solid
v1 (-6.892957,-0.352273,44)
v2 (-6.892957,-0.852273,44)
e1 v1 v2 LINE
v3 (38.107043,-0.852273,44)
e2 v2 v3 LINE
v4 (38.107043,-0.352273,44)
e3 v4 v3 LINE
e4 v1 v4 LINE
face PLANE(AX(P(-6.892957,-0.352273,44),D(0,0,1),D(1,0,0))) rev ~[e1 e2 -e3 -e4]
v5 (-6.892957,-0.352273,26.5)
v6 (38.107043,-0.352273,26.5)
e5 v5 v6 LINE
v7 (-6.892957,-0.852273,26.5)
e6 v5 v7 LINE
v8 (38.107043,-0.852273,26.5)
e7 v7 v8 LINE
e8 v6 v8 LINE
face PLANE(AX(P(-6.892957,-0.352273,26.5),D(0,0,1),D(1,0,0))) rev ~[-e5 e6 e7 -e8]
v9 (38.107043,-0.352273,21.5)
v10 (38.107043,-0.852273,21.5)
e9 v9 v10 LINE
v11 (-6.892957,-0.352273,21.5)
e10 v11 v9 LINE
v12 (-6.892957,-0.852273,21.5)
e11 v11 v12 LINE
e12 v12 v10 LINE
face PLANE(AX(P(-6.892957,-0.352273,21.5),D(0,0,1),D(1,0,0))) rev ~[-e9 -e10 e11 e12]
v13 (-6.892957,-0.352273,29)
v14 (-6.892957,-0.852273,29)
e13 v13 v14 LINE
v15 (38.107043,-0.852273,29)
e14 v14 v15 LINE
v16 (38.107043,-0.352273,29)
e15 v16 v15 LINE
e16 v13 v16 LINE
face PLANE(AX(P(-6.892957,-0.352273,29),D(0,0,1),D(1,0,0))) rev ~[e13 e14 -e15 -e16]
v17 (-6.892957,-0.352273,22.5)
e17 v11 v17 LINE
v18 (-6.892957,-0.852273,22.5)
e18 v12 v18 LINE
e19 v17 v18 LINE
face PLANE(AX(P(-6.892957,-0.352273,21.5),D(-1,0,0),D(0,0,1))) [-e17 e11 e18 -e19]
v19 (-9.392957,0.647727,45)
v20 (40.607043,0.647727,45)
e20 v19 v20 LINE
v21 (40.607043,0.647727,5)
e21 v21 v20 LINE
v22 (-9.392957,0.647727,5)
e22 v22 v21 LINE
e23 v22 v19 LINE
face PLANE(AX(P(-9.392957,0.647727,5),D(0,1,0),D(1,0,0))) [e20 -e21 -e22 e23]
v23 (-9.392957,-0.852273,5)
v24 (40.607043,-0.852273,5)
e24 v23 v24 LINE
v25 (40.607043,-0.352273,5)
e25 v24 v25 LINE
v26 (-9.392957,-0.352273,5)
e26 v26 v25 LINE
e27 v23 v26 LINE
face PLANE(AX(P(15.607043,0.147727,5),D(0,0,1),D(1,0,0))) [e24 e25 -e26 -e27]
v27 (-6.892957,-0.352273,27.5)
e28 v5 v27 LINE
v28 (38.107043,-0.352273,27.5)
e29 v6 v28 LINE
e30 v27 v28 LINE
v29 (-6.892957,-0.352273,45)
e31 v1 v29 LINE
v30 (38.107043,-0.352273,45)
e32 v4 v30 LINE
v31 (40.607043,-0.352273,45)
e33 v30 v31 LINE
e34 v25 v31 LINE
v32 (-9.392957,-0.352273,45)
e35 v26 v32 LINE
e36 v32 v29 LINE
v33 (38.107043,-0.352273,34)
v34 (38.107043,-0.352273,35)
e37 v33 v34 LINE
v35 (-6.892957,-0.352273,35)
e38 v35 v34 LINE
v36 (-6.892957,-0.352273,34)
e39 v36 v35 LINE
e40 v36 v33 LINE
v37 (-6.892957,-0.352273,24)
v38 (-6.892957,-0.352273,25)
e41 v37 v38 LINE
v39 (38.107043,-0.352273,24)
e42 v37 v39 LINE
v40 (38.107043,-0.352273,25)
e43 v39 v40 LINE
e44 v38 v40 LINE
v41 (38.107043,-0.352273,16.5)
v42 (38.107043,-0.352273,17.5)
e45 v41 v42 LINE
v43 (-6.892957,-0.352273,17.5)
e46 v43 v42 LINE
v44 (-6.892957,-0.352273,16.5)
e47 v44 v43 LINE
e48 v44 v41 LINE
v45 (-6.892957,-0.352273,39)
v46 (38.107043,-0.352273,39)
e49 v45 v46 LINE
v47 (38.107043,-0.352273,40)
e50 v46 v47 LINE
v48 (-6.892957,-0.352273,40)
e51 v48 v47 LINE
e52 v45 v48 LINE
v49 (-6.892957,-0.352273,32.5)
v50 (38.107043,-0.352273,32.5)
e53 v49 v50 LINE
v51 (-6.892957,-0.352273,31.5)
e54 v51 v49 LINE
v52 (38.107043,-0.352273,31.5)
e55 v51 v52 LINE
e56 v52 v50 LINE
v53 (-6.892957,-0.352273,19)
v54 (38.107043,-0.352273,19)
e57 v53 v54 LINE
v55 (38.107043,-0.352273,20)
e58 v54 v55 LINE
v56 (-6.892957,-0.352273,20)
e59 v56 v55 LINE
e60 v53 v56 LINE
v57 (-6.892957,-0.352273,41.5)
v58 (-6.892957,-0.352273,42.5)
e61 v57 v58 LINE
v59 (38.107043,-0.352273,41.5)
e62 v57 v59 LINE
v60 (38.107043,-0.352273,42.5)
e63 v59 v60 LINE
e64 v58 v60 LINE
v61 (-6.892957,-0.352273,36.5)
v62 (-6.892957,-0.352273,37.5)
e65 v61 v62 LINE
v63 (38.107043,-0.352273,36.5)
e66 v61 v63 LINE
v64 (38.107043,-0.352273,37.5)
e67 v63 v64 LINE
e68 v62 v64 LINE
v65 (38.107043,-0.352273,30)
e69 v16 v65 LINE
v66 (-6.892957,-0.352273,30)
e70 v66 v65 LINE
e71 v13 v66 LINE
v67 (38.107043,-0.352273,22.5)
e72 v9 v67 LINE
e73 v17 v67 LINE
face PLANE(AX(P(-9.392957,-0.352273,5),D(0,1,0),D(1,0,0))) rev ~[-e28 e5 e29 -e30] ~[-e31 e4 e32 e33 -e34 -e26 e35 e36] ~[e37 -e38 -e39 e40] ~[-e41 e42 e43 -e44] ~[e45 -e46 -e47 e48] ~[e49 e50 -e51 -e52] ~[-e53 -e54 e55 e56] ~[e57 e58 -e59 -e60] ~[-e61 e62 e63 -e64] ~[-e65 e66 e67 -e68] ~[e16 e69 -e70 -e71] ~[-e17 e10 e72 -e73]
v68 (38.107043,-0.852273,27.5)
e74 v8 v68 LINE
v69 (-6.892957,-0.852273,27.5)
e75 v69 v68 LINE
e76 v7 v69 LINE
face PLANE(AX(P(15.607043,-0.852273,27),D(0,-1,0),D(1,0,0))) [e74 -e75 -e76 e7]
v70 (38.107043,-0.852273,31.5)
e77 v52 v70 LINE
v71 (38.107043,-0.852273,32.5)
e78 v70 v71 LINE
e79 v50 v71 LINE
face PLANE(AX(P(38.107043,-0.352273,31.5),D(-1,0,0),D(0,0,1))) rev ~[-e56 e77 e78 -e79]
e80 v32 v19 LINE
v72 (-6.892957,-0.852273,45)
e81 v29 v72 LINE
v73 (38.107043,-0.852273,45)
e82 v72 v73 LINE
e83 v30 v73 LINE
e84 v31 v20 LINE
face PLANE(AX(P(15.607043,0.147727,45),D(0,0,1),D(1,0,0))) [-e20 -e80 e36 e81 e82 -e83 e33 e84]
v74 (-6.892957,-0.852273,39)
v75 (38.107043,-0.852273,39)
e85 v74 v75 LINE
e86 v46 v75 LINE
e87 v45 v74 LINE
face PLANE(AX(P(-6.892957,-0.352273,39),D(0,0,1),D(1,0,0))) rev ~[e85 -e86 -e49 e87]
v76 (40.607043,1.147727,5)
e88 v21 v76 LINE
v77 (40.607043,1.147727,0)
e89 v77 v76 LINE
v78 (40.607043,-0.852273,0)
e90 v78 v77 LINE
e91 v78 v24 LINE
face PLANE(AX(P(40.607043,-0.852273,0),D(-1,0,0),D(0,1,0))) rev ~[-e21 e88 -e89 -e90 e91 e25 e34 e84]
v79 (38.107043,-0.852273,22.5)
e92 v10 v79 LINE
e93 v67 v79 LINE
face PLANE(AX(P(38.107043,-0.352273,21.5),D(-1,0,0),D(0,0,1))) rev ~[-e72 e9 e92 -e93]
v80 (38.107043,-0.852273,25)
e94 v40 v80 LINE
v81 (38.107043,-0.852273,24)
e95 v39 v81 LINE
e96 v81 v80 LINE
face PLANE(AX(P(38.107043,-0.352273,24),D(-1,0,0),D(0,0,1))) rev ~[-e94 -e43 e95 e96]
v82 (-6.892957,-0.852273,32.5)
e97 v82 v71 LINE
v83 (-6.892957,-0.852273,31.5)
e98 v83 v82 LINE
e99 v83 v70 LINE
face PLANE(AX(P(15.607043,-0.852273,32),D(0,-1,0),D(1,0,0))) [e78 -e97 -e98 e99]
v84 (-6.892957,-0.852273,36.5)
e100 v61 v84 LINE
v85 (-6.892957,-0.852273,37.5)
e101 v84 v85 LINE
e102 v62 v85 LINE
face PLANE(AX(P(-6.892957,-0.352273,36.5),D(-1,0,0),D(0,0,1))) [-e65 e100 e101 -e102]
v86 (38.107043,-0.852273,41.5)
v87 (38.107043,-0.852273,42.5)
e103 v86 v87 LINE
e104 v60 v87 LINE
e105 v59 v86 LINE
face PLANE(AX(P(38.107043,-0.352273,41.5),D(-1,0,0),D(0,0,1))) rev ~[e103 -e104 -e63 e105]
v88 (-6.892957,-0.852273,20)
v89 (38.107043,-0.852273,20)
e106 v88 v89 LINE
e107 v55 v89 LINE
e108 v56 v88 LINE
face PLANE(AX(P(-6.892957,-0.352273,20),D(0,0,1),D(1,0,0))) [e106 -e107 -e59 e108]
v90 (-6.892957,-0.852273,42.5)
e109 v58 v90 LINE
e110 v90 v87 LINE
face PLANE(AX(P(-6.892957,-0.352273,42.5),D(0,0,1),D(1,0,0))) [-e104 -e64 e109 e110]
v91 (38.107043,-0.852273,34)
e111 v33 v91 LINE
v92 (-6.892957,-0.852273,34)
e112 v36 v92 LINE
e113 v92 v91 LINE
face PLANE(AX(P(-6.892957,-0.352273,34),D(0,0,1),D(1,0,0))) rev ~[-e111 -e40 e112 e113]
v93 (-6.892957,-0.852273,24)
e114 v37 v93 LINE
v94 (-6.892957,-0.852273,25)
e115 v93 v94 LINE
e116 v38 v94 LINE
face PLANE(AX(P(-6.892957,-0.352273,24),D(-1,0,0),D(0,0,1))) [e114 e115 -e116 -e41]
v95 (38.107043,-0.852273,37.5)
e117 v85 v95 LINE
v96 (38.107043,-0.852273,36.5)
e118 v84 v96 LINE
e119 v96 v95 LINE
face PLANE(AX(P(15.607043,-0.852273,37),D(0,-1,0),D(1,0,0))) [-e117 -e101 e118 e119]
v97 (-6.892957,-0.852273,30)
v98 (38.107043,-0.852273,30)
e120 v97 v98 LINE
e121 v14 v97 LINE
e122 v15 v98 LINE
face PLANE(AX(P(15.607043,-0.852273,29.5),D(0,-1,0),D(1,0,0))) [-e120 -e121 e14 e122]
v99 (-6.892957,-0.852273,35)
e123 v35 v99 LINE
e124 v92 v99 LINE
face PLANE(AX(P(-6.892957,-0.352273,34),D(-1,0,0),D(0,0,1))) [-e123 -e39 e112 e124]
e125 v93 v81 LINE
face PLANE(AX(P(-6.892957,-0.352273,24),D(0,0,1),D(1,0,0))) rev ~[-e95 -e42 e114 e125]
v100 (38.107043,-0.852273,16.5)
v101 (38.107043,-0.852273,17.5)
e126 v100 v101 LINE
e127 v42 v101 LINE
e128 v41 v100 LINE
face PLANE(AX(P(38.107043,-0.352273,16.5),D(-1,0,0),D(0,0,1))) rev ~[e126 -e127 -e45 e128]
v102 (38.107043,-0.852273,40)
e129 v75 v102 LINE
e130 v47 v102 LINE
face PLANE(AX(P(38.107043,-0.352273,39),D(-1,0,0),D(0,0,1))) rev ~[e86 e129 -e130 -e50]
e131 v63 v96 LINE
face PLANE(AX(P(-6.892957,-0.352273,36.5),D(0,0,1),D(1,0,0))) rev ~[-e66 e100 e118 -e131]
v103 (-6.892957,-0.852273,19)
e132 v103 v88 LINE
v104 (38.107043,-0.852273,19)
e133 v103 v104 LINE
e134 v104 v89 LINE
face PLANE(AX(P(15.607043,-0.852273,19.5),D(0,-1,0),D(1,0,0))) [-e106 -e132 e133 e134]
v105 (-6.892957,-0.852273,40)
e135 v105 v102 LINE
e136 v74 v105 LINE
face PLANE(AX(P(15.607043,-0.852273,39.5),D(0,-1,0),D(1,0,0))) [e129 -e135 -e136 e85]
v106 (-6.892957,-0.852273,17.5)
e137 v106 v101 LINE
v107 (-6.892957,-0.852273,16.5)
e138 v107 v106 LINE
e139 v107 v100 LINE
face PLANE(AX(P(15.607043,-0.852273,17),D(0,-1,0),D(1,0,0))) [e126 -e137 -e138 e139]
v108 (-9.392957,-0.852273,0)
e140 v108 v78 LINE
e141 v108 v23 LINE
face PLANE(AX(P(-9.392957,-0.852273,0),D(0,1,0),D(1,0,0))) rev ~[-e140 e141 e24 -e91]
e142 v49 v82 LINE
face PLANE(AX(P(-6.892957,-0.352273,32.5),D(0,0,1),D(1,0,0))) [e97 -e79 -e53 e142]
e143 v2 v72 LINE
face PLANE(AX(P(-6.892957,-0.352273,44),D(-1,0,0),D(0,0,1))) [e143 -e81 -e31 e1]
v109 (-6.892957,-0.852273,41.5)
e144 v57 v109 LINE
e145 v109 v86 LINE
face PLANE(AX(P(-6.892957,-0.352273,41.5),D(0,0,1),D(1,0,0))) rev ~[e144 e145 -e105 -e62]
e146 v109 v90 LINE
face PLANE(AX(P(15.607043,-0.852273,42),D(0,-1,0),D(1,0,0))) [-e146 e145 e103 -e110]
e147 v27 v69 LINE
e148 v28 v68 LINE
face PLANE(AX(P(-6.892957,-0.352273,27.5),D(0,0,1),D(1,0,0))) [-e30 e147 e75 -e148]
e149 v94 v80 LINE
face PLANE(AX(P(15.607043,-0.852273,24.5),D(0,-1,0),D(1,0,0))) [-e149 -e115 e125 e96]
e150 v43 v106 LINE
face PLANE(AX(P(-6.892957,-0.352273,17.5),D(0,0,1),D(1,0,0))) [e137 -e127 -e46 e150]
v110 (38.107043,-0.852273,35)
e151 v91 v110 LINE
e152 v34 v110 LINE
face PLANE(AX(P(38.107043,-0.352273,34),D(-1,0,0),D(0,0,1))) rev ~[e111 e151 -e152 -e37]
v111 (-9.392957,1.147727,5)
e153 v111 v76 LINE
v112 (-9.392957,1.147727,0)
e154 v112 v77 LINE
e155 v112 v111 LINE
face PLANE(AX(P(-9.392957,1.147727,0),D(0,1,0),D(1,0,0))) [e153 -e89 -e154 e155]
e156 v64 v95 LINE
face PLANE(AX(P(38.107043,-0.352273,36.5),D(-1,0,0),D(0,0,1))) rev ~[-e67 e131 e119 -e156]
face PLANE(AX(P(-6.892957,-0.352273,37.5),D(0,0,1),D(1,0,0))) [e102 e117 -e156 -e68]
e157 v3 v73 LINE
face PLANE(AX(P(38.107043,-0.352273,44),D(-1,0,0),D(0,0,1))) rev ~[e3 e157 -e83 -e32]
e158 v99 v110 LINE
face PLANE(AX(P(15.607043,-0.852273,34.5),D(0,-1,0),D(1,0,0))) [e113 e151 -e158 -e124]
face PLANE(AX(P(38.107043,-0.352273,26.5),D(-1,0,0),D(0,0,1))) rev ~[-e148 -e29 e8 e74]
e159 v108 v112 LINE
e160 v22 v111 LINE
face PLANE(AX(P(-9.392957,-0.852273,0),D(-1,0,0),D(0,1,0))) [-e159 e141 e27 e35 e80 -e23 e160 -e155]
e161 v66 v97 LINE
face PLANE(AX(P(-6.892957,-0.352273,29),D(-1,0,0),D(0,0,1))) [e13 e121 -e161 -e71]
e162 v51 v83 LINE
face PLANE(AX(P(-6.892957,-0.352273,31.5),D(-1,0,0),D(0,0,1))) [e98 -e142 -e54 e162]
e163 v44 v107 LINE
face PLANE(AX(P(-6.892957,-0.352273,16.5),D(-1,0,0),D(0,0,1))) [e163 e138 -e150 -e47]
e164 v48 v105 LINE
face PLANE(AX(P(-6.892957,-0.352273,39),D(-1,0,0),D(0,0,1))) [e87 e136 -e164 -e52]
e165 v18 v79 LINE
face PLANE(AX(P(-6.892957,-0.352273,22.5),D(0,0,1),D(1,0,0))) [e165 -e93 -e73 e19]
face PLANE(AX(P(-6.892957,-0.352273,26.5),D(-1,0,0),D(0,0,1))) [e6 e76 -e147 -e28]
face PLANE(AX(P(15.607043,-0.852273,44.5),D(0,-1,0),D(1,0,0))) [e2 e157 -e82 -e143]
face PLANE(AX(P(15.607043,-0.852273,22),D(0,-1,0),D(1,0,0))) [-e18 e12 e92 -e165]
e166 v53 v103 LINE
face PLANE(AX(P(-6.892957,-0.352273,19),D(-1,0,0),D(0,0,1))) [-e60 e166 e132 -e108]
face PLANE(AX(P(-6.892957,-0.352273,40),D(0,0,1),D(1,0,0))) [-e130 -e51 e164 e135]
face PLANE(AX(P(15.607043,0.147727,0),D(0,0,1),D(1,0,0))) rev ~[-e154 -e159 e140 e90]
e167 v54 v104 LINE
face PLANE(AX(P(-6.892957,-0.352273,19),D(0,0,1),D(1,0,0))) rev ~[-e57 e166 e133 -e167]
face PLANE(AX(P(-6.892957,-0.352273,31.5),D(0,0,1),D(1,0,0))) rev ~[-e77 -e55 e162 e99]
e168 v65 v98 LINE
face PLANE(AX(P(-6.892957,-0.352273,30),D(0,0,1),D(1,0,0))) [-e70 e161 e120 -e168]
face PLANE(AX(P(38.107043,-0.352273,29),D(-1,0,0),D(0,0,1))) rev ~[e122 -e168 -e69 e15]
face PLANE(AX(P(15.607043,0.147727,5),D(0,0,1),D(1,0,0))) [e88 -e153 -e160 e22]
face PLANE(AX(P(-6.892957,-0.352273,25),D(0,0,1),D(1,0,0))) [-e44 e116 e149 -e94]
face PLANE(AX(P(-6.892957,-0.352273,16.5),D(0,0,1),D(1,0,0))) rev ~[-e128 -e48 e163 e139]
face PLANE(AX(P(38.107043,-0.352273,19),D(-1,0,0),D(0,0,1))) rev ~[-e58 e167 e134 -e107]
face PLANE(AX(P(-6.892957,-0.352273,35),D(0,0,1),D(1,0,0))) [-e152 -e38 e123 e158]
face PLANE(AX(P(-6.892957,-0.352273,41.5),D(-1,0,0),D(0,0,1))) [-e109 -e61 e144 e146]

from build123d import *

# Parameters (mm, degrees)
SCHIZZO1_W                   = 50
SCHIZZO1_H                   = 2
ESTRUSIONE_ESTRUSIONE1_DEPTH = 5
SCHIZZO2_W                   = 50
SCHIZZO2_H                   = 1
ESTRUSIONE_ESTRUSIONE2_DEPTH = 40
SCHIZZO3_W                   = 45
SCHIZZO3_H                   = 1
ESTRUSIONE_ESTRUSIONE3_DEPTH = 0.5


with BuildPart() as part:
    # Schizzo1 → Estrusione-Estrusione1 (new body)
    with BuildSketch(Plane.XY):
        with Locations((15.607042649, 0.147727273)):
            Rectangle(SCHIZZO1_W, SCHIZZO1_H)
    extrude(amount=ESTRUSIONE_ESTRUSIONE1_DEPTH)

    # Schizzo2 → Estrusione-Estrusione2 (add)
    with BuildSketch(Plane.XY.offset(5)):
        with Locations((15.607042649, 0.147727273)):
            Rectangle(SCHIZZO2_W, SCHIZZO2_H)
    extrude(amount=ESTRUSIONE_ESTRUSIONE2_DEPTH)

    # Schizzo3 → Estrusione-Estrusione3 (add)
    with BuildSketch(Plane.XZ.offset(0.352272727)):
        with Locations((15.607042649, 44.5)):
            Rectangle(SCHIZZO3_W, SCHIZZO3_H)
        with Locations((15.607042649, 42)):
            Rectangle(SCHIZZO3_W, SCHIZZO3_H)
        with Locations((15.607042649, 39.5)):
            Rectangle(SCHIZZO3_W, SCHIZZO3_H)
        with Locations((15.607042649, 37)):
            Rectangle(SCHIZZO3_W, SCHIZZO3_H)
        with Locations((15.607042649, 34.5)):
            Rectangle(SCHIZZO3_W, SCHIZZO3_H)
        with Locations((15.607042649, 32)):
            Rectangle(SCHIZZO3_W, SCHIZZO3_H)
        with Locations((15.607042649, 29.5)):
            Rectangle(SCHIZZO3_W, SCHIZZO3_H)
        with Locations((15.607042649, 27)):
            Rectangle(SCHIZZO3_W, SCHIZZO3_H)
        with Locations((15.607042649, 24.5)):
            Rectangle(SCHIZZO3_W, SCHIZZO3_H)
        with Locations((15.607042649, 22)):
            Rectangle(SCHIZZO3_W, SCHIZZO3_H)
        with Locations((15.607042649, 19.5)):
            Rectangle(SCHIZZO3_W, SCHIZZO3_H)
        with Locations((15.607042649, 17)):
            Rectangle(SCHIZZO3_W, SCHIZZO3_H)
    extrude(amount=ESTRUSIONE_ESTRUSIONE3_DEPTH)


solid = part.part
